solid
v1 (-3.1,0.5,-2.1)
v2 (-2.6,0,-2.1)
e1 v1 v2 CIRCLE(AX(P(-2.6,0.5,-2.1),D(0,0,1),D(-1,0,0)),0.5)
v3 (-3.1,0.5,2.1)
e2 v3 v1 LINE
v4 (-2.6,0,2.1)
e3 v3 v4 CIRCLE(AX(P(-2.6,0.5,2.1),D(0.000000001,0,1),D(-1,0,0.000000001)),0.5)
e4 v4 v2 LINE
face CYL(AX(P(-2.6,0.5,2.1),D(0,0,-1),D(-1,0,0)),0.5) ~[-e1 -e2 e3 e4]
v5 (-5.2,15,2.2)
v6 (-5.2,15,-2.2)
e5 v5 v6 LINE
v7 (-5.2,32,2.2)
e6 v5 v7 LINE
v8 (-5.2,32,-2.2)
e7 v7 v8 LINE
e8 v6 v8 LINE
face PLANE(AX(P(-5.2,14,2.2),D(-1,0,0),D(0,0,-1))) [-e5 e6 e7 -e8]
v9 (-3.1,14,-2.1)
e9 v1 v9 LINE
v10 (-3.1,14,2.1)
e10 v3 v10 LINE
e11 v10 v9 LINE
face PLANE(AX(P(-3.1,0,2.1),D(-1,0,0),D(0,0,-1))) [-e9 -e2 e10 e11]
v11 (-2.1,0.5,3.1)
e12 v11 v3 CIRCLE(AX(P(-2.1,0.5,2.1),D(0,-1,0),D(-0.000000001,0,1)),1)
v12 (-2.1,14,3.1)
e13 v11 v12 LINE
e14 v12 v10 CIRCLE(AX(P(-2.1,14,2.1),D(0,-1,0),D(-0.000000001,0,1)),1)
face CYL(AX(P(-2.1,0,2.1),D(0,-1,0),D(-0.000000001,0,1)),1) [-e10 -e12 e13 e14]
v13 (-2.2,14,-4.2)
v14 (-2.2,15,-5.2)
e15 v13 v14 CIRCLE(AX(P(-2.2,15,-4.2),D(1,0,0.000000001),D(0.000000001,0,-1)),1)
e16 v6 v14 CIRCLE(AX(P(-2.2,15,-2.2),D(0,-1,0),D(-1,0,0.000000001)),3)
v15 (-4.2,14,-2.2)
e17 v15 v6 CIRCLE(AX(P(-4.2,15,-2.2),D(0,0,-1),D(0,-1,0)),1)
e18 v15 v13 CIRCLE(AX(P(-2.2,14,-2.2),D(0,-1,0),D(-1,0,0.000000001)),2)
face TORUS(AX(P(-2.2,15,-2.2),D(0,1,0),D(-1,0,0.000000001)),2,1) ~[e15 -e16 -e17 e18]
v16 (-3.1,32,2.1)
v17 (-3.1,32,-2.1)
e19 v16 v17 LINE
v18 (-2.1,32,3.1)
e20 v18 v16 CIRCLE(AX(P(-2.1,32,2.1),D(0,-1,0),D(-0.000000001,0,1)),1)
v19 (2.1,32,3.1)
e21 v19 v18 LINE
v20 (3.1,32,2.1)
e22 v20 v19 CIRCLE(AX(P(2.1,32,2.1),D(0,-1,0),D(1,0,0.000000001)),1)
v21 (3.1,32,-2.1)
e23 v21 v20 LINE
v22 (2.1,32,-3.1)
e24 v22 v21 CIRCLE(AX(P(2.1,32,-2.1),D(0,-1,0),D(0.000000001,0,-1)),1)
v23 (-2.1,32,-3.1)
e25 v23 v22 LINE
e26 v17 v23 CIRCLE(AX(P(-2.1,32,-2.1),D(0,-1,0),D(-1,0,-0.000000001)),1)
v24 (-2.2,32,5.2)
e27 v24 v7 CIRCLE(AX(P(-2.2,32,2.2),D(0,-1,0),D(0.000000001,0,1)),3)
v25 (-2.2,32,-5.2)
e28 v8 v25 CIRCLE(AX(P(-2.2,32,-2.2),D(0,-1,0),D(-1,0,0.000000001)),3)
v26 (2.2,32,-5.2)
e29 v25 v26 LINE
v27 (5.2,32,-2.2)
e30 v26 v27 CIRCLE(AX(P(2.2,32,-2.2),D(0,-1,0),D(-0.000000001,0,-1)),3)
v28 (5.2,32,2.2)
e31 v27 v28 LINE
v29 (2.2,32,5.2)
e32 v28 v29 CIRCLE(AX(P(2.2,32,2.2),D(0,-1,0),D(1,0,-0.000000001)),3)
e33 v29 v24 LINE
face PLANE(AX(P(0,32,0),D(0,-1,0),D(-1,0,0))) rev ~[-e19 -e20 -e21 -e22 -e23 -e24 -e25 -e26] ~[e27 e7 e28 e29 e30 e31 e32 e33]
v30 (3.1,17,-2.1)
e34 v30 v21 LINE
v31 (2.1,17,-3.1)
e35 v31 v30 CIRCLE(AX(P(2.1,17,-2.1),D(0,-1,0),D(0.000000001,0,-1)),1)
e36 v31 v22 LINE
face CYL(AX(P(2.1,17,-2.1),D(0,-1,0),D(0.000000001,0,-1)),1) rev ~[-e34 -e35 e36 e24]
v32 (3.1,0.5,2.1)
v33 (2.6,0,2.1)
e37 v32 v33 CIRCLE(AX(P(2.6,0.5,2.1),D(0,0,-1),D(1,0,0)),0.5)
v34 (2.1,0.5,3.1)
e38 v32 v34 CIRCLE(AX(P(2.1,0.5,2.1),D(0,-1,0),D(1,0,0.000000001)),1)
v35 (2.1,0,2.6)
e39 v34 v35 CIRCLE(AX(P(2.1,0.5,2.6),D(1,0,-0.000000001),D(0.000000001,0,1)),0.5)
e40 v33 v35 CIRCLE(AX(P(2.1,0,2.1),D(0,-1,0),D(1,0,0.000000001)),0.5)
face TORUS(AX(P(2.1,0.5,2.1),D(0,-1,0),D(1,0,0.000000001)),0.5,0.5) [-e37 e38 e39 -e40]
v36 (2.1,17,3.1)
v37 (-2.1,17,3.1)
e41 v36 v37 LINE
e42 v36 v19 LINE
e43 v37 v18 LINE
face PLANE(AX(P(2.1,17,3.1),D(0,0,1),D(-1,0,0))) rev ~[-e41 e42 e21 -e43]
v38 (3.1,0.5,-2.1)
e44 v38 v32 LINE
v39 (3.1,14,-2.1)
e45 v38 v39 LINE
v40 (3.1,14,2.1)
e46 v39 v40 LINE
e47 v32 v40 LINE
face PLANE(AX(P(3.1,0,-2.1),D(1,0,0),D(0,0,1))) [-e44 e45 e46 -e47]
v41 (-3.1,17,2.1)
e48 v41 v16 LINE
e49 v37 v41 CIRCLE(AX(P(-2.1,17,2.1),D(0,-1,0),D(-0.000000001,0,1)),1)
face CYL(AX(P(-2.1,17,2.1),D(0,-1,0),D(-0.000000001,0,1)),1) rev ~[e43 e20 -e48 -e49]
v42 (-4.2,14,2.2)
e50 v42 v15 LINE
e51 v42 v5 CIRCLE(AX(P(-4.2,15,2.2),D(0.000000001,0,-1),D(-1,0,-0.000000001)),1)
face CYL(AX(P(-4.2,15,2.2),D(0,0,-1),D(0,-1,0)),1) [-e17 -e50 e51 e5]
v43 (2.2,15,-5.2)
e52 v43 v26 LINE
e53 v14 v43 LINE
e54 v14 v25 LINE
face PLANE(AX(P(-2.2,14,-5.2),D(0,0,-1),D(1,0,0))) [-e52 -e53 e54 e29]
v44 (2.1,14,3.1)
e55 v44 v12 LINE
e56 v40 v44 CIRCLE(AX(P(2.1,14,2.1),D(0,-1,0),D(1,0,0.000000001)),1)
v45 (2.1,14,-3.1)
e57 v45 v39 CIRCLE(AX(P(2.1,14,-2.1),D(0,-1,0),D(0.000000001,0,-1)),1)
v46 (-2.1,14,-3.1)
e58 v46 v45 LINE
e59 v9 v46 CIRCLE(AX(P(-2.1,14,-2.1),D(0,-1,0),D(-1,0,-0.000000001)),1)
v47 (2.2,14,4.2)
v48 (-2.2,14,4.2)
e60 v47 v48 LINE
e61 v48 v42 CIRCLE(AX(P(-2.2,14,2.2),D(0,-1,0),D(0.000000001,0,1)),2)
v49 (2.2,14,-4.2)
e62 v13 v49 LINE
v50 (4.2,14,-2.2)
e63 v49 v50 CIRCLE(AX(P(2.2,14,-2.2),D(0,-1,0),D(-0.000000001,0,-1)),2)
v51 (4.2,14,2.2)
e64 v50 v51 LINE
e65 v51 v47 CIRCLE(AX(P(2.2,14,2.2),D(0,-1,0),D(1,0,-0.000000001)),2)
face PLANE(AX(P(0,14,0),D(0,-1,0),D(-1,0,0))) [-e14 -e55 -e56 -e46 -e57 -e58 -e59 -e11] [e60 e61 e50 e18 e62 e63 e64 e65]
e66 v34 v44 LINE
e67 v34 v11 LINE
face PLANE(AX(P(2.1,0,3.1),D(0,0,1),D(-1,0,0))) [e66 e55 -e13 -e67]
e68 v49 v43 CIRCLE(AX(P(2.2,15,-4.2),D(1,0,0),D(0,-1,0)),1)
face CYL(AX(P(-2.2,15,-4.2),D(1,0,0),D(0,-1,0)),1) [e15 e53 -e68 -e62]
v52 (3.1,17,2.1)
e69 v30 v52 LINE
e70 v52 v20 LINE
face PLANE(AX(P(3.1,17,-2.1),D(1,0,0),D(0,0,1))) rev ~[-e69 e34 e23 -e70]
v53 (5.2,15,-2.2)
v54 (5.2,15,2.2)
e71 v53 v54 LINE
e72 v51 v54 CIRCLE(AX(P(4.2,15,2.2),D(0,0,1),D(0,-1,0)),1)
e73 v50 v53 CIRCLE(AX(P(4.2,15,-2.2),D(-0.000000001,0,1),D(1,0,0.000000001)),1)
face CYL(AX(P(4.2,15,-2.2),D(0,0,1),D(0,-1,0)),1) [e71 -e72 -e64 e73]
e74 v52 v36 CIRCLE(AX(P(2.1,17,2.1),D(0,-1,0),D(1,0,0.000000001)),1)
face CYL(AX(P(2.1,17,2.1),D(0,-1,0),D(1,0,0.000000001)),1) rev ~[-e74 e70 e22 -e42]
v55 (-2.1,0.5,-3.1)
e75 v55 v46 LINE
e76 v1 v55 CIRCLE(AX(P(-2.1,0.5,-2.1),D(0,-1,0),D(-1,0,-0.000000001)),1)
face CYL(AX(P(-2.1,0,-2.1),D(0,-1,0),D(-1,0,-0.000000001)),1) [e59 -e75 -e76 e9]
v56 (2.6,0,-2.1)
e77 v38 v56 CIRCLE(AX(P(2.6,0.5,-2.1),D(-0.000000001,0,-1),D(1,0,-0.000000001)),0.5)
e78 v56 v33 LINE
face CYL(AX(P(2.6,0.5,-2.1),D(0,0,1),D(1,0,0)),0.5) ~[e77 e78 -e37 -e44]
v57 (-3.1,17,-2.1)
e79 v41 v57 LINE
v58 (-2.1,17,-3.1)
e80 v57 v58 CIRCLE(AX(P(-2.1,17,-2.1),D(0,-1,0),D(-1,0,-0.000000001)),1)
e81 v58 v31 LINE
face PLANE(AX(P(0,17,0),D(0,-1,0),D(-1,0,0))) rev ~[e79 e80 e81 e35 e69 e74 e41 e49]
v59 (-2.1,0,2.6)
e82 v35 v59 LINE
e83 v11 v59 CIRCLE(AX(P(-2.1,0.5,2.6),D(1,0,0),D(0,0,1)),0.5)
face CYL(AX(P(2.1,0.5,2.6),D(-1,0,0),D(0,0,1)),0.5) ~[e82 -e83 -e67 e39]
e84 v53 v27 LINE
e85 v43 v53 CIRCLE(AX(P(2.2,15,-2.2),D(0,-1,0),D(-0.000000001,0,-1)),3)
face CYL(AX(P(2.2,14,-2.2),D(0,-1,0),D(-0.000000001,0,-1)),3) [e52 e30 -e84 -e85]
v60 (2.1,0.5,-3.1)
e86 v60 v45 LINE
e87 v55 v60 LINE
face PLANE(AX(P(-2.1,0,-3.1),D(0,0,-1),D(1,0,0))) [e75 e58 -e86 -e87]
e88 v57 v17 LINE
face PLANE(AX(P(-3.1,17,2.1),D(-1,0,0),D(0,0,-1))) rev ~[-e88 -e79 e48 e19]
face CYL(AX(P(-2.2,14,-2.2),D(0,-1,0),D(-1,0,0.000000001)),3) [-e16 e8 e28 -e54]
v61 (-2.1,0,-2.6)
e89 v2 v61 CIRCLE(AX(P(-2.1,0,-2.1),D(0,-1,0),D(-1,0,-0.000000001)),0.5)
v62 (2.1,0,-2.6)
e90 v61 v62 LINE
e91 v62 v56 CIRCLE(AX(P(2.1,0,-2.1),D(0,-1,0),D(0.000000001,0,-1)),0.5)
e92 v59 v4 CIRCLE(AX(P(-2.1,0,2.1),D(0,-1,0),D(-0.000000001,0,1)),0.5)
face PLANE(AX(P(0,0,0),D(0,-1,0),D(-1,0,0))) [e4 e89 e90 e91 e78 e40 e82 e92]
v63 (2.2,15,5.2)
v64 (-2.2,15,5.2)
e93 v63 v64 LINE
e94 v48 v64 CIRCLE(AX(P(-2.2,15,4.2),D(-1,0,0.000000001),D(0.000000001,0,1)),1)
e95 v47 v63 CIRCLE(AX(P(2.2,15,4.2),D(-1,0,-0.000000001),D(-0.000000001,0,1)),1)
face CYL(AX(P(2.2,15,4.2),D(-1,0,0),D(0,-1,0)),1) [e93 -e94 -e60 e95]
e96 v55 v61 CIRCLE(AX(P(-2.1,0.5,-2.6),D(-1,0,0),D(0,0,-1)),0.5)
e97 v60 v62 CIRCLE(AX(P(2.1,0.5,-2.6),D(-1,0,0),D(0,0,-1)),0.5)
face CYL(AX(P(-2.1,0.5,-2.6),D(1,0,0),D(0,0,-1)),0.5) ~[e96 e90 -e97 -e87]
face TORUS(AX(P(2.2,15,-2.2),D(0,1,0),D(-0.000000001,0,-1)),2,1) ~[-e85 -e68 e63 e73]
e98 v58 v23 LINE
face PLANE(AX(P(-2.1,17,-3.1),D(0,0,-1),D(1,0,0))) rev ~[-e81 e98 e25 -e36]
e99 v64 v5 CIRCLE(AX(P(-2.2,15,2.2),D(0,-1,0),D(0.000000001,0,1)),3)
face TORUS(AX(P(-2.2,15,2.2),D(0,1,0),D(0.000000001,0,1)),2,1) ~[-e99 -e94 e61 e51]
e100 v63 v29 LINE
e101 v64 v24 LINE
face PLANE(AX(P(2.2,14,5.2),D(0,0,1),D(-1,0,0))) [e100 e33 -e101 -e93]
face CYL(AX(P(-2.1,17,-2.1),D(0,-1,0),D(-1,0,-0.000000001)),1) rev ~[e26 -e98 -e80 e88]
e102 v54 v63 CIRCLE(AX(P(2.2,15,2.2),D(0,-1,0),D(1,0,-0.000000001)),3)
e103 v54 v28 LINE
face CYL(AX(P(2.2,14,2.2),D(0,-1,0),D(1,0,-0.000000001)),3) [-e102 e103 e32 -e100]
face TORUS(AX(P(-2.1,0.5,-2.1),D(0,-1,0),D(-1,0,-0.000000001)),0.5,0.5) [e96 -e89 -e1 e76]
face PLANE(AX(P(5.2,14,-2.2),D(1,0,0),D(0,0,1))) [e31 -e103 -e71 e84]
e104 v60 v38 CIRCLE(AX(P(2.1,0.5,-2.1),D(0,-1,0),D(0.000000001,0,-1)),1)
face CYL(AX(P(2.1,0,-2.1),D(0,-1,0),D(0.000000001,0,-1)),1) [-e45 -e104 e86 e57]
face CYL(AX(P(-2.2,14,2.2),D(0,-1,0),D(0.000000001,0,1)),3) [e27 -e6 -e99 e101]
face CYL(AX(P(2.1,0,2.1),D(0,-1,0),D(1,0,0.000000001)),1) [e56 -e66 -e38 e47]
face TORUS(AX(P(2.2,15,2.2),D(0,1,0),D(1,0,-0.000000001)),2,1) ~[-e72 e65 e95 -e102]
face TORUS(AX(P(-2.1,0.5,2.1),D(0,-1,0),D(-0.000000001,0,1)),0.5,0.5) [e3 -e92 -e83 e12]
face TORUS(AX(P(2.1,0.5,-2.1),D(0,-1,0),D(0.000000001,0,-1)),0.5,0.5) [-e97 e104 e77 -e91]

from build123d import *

# Parameters (mm, degrees)
BOSS_EXTRUDE1_DEPTH = 14
BOSS_EXTRUDE2_DEPTH = 18
CUT_EXTRUDE1_START  = -15
CUT_EXTRUDE1_DEPTH  = 15
FILLET4_R           = 1
FILLET5_R           = 0.5


with BuildPart() as part:
    # Sketch1 → Boss-Extrude1 (new body)
    with BuildSketch(Plane(origin=(0, 0, 0), x_dir=(1, 0, 0), z_dir=(0, 1, 0))):
        with BuildLine():
            Line((-2.1, 3.1), (2.1, 3.1))
            ThreePointArc((2.1, 3.1), (2.807106781, 2.807106781), (3.1, 2.1))
            Line((3.1, 2.1), (3.1, -2.1))
            ThreePointArc((3.1, -2.1), (2.807106781, -2.807106781), (2.1, -3.1))
            Line((2.1, -3.1), (-2.1, -3.1))
            ThreePointArc((-2.1, -3.1), (-2.807106781, -2.807106781), (-3.1, -2.1))
            Line((-3.1, -2.1), (-3.1, 2.1))
            ThreePointArc((-3.1, 2.1), (-2.807106781, 2.807106781), (-2.1, 3.1))
        make_face()
    extrude(amount=BOSS_EXTRUDE1_DEPTH)

    # Sketch2 → Boss-Extrude2 (add)
    with BuildSketch(Plane(origin=(0, 14, 0), x_dir=(1, 0, 0), z_dir=(0, 1, 0))):
        with BuildLine():
            Line((-2.2, 5.2), (2.2, 5.2))
            ThreePointArc((2.2, 5.2), (4.321320344, 4.321320344), (5.2, 2.2))
            Line((5.2, 2.2), (5.2, -2.2))
            ThreePointArc((5.2, -2.2), (4.321320344, -4.321320344), (2.2, -5.2))
            Line((2.2, -5.2), (-2.2, -5.2))
            ThreePointArc((-2.2, -5.2), (-4.321320344, -4.321320344), (-5.2, -2.2))
            Line((-5.2, -2.2), (-5.2, 2.2))
            ThreePointArc((-5.2, 2.2), (-4.321320344, 4.321320344), (-2.2, 5.2))
        make_face()
    extrude(amount=BOSS_EXTRUDE2_DEPTH)

    # Sketch3 → Cut-Extrude1 (cut)
    with BuildSketch(Plane(origin=(0, 32, 0), x_dir=(1, 0, 0), z_dir=(0, 1, 0)).offset(CUT_EXTRUDE1_START)):
        with BuildLine():
            Line((-2.1, 3.1), (2.1, 3.1))
            ThreePointArc((2.1, 3.1), (2.807106781, 2.807106781), (3.1, 2.1))
            Line((3.1, 2.1), (3.1, -2.1))
            ThreePointArc((3.1, -2.1), (2.807106781, -2.807106781), (2.1, -3.1))
            Line((2.1, -3.1), (-2.1, -3.1))
            ThreePointArc((-2.1, -3.1), (-2.807106781, -2.807106781), (-3.1, -2.1))
            Line((-3.1, -2.1), (-3.1, 2.1))
            ThreePointArc((-3.1, 2.1), (-2.807106781, 2.807106781), (-2.1, 3.1))
        make_face()
    extrude(amount=CUT_EXTRUDE1_DEPTH, mode=Mode.SUBTRACT)

    # Fillet4
    fillet4_edges = [part.edges().sort_by_distance(p)[0] for p in [
        (-4.321320344, 14, 4.321320344),
        (0, 14, 5.2),
        (4.321320344, 14, 4.321320344),
        (5.2, 14, 0),
        (4.321320344, 14, -4.321320344),
        (0, 14, -5.2),
        (-4.321320344, 14, -4.321320344),
        (-5.2, 14, 0),
    ]]
    fillet(fillet4_edges, radius=FILLET4_R)

    # Fillet5
    fillet5_edges = [part.edges().sort_by_distance(p)[0] for p in [
        (0, 0, -3.1),
        (2.807106781, 0, -2.807106781),
        (3.1, 0, 0),
        (2.807106781, 0, 2.807106781),
        (0, 0, 3.1),
        (-2.807106781, 0, 2.807106781),
        (-3.1, 0, 0),
        (-2.807106781, 0, -2.807106781),
    ]]
    fillet(fillet5_edges, radius=FILLET5_R)


solid = part.part
